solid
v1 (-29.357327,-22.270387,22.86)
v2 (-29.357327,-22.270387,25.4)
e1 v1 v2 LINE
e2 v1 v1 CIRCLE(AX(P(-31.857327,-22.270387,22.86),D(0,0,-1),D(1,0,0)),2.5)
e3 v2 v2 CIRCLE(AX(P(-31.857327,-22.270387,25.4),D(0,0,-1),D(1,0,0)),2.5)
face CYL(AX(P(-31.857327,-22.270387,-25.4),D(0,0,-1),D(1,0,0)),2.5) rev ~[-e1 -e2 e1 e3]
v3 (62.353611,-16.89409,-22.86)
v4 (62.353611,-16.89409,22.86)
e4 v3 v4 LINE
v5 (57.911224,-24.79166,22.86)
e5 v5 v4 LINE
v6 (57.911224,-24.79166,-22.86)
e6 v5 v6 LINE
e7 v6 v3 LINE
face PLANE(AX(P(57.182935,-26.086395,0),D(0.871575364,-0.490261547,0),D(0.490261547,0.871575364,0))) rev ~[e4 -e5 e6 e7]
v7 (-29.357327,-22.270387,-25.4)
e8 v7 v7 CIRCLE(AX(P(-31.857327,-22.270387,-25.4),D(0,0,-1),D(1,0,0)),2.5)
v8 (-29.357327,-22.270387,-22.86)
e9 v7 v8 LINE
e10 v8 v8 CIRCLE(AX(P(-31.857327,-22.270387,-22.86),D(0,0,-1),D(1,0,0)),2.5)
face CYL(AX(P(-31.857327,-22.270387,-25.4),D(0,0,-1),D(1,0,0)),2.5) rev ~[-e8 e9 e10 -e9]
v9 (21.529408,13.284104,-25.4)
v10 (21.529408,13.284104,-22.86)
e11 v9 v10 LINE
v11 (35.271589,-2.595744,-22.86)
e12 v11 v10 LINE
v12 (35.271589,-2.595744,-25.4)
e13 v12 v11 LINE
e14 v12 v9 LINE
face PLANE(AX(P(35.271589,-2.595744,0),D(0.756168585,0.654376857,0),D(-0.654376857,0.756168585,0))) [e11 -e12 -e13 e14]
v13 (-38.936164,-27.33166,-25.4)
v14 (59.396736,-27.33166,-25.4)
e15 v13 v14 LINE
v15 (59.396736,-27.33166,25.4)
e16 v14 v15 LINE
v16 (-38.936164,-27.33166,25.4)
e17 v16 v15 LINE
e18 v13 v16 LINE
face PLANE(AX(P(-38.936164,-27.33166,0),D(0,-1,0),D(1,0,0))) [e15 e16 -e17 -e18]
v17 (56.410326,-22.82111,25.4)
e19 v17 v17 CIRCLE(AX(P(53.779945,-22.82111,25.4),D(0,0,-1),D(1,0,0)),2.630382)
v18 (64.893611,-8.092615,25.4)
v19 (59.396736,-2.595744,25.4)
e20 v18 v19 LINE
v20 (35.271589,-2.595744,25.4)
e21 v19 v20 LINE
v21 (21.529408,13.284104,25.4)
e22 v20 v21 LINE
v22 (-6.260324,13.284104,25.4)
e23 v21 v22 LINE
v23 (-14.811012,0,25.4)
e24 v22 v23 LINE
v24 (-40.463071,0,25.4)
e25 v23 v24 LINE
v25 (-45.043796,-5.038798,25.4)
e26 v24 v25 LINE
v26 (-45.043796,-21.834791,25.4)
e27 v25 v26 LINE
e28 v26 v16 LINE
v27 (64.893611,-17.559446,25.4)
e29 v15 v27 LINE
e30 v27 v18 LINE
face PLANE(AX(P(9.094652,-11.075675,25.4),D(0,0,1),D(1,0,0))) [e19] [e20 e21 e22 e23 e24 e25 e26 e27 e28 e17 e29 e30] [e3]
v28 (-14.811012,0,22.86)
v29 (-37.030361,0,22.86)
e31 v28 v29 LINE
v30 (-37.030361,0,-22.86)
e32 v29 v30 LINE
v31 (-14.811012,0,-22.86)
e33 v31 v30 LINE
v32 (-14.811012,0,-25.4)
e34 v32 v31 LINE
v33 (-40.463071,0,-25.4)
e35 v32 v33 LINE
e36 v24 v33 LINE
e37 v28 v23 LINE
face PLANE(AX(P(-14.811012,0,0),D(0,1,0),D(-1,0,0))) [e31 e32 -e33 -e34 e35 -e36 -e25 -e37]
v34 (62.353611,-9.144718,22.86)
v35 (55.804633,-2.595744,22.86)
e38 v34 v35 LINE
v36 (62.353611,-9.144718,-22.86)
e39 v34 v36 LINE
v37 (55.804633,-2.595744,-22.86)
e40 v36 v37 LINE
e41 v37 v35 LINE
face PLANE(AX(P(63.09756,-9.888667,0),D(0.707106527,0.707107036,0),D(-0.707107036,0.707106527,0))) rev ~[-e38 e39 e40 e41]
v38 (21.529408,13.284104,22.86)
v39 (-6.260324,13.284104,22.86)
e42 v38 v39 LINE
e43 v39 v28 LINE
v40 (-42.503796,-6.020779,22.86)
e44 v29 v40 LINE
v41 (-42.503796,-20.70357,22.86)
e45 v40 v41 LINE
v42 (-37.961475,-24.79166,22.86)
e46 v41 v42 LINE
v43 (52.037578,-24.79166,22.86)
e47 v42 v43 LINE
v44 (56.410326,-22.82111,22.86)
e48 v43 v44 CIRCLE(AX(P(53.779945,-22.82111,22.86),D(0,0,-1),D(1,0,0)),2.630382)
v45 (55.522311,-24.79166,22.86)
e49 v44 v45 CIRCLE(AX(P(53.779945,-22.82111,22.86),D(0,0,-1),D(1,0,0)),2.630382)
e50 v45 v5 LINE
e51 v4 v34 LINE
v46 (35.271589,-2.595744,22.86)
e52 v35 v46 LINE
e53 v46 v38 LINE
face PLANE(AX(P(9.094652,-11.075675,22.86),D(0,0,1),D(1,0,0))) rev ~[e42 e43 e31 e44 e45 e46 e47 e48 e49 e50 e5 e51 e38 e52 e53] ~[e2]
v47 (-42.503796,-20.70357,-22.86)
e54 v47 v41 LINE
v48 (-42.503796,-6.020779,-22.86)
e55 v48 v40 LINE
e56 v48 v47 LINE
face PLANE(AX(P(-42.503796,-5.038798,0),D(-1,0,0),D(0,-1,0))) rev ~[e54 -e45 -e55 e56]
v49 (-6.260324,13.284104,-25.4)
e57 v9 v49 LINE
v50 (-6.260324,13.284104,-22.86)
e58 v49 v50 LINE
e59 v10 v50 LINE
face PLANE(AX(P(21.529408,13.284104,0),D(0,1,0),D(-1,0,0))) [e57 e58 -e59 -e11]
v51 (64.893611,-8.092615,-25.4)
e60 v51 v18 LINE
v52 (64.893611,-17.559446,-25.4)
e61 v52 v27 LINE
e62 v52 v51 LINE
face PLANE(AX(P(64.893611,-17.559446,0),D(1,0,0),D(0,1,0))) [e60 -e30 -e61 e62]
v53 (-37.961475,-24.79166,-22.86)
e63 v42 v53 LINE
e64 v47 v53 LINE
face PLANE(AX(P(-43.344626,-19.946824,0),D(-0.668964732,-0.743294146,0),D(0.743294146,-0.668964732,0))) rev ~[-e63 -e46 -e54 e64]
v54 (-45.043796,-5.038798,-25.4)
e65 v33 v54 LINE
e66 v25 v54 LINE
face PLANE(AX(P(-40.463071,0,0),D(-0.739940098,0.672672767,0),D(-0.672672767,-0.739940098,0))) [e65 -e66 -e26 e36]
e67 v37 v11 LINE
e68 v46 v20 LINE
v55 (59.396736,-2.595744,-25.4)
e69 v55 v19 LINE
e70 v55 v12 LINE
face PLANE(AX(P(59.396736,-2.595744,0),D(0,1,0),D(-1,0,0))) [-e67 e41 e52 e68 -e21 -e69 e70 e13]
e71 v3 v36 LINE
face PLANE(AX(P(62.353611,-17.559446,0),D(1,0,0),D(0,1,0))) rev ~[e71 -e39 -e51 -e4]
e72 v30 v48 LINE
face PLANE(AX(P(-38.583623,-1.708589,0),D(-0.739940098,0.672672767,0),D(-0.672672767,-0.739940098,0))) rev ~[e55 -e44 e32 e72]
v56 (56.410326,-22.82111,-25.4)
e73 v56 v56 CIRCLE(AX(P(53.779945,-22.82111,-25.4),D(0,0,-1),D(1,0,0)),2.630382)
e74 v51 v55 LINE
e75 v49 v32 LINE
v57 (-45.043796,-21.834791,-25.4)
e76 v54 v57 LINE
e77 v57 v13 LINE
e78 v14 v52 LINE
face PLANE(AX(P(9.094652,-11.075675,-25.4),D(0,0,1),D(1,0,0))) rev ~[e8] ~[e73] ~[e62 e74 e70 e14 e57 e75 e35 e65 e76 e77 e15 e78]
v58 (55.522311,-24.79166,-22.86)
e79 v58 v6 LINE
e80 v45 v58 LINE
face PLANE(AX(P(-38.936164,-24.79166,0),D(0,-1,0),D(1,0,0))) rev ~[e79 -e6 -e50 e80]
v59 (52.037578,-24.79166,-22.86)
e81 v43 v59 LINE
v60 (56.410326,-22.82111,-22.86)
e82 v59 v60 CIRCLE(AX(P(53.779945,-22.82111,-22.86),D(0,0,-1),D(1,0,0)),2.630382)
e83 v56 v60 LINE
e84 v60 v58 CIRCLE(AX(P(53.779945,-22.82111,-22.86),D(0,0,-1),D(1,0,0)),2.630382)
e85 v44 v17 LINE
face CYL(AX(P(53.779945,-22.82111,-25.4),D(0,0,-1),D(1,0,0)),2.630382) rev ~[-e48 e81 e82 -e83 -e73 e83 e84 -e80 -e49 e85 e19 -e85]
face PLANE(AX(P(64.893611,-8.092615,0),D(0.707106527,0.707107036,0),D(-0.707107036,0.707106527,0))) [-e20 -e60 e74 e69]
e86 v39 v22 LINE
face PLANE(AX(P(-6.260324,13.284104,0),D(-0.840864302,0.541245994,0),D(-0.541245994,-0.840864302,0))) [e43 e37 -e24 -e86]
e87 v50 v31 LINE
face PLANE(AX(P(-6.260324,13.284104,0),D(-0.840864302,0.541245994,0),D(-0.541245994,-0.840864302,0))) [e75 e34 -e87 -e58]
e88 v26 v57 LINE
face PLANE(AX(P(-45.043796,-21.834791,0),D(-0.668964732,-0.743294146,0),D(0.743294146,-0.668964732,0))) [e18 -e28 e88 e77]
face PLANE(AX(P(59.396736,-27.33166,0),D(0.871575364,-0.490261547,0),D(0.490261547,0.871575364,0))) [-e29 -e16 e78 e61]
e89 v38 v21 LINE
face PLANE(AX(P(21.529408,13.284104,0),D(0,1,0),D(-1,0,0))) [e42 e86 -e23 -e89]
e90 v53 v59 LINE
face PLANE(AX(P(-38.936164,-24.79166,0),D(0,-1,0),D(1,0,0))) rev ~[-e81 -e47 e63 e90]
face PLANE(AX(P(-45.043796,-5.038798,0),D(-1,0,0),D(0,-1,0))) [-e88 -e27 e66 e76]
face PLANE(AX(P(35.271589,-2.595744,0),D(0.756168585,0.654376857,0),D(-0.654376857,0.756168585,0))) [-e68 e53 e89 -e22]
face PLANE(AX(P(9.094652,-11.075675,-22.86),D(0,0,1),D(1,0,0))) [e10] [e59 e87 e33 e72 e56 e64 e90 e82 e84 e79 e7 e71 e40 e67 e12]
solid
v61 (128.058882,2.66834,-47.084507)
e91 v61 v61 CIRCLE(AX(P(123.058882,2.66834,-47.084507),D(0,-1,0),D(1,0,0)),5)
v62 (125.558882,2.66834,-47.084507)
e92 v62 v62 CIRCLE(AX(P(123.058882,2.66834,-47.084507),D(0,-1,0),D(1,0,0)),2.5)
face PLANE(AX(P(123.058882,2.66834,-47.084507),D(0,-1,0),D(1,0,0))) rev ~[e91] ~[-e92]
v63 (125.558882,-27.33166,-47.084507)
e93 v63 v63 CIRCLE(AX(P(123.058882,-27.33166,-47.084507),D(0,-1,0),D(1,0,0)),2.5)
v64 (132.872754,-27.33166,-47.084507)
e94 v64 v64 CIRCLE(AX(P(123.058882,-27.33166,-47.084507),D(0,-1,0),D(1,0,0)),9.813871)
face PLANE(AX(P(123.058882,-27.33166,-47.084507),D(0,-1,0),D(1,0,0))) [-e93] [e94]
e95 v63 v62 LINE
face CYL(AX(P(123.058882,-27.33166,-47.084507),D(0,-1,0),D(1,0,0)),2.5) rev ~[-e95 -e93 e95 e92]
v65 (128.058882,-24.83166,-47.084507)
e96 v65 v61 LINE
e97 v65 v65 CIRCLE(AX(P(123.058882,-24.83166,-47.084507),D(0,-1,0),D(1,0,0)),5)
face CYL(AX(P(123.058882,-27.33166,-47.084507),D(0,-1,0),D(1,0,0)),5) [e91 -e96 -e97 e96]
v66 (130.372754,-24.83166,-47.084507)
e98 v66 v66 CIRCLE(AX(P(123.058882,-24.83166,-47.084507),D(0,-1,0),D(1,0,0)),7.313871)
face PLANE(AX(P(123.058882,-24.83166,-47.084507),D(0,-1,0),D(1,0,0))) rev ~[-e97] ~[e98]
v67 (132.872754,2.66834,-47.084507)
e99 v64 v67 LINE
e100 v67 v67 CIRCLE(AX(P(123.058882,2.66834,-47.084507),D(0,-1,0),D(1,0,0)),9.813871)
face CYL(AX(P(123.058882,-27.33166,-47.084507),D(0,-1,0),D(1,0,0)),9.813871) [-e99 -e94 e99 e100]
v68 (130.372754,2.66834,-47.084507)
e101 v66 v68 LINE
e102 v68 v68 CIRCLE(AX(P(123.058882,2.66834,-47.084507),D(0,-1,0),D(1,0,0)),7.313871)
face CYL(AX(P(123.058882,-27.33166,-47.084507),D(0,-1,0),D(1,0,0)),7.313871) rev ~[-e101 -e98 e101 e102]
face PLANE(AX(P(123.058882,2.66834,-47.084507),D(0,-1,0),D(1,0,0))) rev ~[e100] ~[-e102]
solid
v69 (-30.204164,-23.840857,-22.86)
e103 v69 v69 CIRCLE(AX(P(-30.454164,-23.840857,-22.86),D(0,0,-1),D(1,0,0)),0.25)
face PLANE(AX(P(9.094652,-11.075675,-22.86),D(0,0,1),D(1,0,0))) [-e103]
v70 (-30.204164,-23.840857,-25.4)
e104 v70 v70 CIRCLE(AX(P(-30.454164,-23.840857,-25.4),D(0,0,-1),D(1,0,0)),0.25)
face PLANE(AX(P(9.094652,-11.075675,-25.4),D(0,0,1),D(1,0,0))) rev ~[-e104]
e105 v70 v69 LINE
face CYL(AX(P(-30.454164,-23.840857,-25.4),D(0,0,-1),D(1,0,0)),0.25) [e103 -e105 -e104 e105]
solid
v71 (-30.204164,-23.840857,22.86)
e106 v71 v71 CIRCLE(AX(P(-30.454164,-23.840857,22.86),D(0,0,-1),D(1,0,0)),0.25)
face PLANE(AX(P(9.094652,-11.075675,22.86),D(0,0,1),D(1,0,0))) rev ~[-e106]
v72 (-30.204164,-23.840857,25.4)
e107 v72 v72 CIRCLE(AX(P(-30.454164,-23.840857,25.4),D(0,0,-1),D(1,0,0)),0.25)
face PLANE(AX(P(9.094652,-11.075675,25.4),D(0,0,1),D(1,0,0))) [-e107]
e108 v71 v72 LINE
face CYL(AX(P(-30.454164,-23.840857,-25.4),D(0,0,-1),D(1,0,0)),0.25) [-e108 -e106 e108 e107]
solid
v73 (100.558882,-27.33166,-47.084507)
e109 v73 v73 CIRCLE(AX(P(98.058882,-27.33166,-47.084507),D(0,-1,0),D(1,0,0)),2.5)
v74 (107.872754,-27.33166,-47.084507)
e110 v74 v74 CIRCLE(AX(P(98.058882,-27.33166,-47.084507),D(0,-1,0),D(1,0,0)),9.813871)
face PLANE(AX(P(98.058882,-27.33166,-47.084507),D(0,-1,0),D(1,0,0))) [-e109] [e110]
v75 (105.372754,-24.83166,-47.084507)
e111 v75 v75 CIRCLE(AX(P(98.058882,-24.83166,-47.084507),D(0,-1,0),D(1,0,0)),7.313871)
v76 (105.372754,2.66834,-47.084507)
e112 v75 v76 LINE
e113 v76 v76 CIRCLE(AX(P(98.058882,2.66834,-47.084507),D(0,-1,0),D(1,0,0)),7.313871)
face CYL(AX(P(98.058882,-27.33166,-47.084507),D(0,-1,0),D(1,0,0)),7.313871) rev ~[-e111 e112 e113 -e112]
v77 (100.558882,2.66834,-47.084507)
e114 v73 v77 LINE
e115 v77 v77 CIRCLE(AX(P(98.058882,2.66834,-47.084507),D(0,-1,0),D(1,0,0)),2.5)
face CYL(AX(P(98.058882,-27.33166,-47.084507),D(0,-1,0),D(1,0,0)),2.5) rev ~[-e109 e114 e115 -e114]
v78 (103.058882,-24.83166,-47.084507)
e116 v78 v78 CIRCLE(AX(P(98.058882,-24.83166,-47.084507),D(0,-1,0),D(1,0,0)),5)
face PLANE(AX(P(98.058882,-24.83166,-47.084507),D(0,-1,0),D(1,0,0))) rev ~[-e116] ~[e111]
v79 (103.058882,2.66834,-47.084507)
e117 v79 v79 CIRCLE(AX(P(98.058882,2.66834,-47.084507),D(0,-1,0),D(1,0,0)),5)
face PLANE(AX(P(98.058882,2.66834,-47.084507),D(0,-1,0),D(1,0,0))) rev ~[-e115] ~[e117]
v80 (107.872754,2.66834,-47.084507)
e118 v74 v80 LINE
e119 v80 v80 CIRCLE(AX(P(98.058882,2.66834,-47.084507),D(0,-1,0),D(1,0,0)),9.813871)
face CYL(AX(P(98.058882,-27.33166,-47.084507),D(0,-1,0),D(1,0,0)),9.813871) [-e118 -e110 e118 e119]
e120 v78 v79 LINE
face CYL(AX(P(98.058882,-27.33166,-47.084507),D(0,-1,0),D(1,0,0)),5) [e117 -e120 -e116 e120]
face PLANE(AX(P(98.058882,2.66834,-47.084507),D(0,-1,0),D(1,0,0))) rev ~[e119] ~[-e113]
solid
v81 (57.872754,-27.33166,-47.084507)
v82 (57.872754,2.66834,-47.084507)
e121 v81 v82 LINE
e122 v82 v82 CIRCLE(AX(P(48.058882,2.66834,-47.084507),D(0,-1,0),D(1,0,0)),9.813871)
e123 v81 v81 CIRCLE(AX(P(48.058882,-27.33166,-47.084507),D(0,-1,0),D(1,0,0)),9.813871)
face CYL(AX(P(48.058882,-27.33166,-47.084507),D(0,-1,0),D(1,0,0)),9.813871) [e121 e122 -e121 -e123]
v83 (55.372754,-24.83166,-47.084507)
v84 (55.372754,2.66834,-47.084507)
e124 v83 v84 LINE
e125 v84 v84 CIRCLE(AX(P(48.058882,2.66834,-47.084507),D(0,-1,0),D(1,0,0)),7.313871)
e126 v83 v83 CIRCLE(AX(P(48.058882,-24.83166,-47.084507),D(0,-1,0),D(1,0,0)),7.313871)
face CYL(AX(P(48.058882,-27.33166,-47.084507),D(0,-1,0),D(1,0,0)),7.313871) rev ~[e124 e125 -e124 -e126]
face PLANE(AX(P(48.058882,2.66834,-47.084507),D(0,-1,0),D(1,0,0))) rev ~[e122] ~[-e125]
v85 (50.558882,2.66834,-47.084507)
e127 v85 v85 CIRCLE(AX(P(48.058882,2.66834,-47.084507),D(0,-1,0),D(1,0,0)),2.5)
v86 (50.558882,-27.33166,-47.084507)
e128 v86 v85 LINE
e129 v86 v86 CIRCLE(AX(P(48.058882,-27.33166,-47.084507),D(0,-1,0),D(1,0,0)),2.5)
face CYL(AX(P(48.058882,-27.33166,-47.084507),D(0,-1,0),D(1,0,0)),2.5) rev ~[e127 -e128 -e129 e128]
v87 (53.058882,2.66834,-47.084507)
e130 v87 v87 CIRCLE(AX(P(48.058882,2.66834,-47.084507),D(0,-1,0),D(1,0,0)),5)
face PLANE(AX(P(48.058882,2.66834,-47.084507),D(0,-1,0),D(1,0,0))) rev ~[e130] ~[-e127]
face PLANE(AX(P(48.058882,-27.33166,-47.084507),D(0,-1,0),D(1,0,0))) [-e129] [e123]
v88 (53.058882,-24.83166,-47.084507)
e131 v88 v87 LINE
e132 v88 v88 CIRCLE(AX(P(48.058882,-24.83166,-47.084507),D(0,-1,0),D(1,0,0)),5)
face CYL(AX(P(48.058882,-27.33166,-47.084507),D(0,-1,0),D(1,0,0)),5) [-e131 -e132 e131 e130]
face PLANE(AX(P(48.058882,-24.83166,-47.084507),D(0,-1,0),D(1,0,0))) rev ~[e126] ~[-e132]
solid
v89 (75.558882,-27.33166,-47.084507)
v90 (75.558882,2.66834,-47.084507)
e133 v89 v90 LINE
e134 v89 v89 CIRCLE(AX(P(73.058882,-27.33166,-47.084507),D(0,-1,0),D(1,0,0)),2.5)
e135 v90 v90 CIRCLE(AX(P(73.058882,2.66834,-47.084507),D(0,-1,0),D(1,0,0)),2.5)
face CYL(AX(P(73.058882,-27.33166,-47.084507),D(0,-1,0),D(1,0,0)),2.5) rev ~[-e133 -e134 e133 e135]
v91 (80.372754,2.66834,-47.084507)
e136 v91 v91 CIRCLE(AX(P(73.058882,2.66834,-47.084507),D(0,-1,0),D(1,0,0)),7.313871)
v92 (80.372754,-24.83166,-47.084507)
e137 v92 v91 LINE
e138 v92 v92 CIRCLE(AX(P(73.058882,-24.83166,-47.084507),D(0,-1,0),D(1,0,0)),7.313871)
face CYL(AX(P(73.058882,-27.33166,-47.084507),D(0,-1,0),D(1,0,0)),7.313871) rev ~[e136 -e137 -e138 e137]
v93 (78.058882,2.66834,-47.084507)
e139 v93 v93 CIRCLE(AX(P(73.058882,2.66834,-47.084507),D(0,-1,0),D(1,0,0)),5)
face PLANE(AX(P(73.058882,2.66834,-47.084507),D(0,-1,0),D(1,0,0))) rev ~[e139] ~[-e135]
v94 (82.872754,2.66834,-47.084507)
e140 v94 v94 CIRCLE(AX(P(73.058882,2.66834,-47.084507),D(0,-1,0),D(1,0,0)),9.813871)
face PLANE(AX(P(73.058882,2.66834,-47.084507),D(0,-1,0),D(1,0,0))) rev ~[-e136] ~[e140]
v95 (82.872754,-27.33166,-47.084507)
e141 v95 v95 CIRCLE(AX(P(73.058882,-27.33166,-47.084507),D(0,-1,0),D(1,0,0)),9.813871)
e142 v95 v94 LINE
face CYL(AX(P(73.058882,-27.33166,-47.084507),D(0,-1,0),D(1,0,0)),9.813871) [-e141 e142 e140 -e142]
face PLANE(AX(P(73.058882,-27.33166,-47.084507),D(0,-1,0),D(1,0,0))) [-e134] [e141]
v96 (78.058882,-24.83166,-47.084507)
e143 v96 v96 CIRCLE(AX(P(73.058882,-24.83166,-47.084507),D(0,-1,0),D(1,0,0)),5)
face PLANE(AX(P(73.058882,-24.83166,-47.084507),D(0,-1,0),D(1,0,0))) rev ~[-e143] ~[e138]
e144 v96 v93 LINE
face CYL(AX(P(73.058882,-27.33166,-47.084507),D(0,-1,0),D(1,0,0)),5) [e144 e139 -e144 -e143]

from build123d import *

# Parameters (mm, degrees)
F1_DEPTH = 25.4
F2_T     = -2.54
F3_R     = 2.630381548
F3_R_2   = 2.5
F3_R_3   = 0.25
F4_DEPTH = 80
F5_R     = 9.8138712701
F5_R_2   = 2.5
F6_DEPTH = 30
F7_T     = -2.5
F7_2_T   = -2.5
F7_3_T   = -2.5
F7_4_T   = -2.5


with BuildPart() as f1:
    # F0 (on Top) → F1 (new body, symmetric)
    with BuildSketch(Plane.XY):
        Polygon((-45.0437963009, -21.8347907066), (-38.9361642301, -27.3316595703), (59.3967363238, -27.3316595703), (64.8936107755, -17.5594463944), (64.8936107755, -8.0926148221), (59.3967363238, -2.5957443286), (35.2715887129, -2.5957443286), (21.5294081718, 13.2841039449), (-6.2603242695, 13.2841039449), (-14.8110119626, 0), (-40.4630713165, 0), (-45.0437963009, -5.0387978554), (-45.0437963009, -14.5056294277), align=None)
    extrude(amount=F1_DEPTH, both=True)

    # F2
    f2_openings = [f1.faces().sort_by_distance(p)[0] for p in [
        (7.634542, 13.284104, 0),
        (-10.535668, 6.642052, 0),
        (-27.637042, 0, 0),
        (28.400498, 5.34418, 0),
        (47.334163, -2.595744, 0),
    ]]
    offset(amount=F2_T, openings=f2_openings)

    # F3 (on face) → F4 (cut)
    with BuildSketch(Plane(origin=(0, 0, -25.4), x_dir=(1, 0, 0), z_dir=(0, 0, -1))):
        with Locations((53.7799447775, 22.8211097419)):
            Circle(F3_R)
        with Locations((-31.8573266268, 22.2703870386)):
            Circle(F3_R_2)
        with Locations((-30.4541640157, 23.8408566253)):
            Circle(F3_R_3, mode=Mode.SUBTRACT)
    extrude(amount=-F4_DEPTH, mode=Mode.SUBTRACT)


with BuildPart() as f6:
    # F5 (on face) → F6 (new body)
    with BuildSketch(Plane.XZ.offset(27.3316595703)):
        with Locations((123.0588823557, -47.0845066011)):
            Circle(F5_R)
        with Locations((123.0588823557, -47.0845066011)):
            Circle(F5_R_2, mode=Mode.SUBTRACT)
    extrude(amount=-F6_DEPTH)

    # F7
    f7_openings = [f6.faces().sort_by_distance(p)[0] for p in [
        (113.522589, 2.66834, -47.084507),
    ]]
    offset(amount=F7_T, openings=f7_openings)


with BuildPart() as f6b:
    # F5 (on face) → F6, piece 2 (new body)
    with BuildSketch(Plane.XZ.offset(27.3316595703)):
        with Locations((98.0588823557, -47.0845066011)):
            Circle(F5_R)
        with Locations((98.0588823557, -47.0845066011)):
            Circle(F5_R_2, mode=Mode.SUBTRACT)
    extrude(amount=-F6_DEPTH)

    # F7#2
    f7_2_openings = [f6b.faces().sort_by_distance(p)[0] for p in [
        (88.522589, 2.66834, -47.084507),
    ]]
    offset(amount=F7_2_T, openings=f7_2_openings)


with BuildPart() as f6c:
    # F5 (on face) → F6, piece 3 (new body)
    with BuildSketch(Plane.XZ.offset(27.3316595703)):
        with Locations((73.0588823557, -47.0845066011)):
            Circle(F5_R)
        with Locations((73.0588823557, -47.0845066011)):
            Circle(F5_R_2, mode=Mode.SUBTRACT)
    extrude(amount=-F6_DEPTH)

    # F7#3
    f7_3_openings = [f6c.faces().sort_by_distance(p)[0] for p in [
        (63.522589, 2.66834, -47.084507),
    ]]
    offset(amount=F7_3_T, openings=f7_3_openings)


with BuildPart() as f6d:
    # F5 (on face) → F6, piece 4 (new body)
    with BuildSketch(Plane.XZ.offset(27.3316595703)):
        with Locations((48.0588823557, -47.0845066011)):
            Circle(F5_R)
        with Locations((48.0588823557, -47.0845066011)):
            Circle(F5_R_2, mode=Mode.SUBTRACT)
    extrude(amount=-F6_DEPTH)

    # F7#4
    f7_4_openings = [f6d.faces().sort_by_distance(p)[0] for p in [
        (38.522589, 2.66834, -47.084507),
    ]]
    offset(amount=F7_4_T, openings=f7_4_openings)


solid = Compound([f1.part, f6.part, f6b.part, f6c.part, f6d.part])
